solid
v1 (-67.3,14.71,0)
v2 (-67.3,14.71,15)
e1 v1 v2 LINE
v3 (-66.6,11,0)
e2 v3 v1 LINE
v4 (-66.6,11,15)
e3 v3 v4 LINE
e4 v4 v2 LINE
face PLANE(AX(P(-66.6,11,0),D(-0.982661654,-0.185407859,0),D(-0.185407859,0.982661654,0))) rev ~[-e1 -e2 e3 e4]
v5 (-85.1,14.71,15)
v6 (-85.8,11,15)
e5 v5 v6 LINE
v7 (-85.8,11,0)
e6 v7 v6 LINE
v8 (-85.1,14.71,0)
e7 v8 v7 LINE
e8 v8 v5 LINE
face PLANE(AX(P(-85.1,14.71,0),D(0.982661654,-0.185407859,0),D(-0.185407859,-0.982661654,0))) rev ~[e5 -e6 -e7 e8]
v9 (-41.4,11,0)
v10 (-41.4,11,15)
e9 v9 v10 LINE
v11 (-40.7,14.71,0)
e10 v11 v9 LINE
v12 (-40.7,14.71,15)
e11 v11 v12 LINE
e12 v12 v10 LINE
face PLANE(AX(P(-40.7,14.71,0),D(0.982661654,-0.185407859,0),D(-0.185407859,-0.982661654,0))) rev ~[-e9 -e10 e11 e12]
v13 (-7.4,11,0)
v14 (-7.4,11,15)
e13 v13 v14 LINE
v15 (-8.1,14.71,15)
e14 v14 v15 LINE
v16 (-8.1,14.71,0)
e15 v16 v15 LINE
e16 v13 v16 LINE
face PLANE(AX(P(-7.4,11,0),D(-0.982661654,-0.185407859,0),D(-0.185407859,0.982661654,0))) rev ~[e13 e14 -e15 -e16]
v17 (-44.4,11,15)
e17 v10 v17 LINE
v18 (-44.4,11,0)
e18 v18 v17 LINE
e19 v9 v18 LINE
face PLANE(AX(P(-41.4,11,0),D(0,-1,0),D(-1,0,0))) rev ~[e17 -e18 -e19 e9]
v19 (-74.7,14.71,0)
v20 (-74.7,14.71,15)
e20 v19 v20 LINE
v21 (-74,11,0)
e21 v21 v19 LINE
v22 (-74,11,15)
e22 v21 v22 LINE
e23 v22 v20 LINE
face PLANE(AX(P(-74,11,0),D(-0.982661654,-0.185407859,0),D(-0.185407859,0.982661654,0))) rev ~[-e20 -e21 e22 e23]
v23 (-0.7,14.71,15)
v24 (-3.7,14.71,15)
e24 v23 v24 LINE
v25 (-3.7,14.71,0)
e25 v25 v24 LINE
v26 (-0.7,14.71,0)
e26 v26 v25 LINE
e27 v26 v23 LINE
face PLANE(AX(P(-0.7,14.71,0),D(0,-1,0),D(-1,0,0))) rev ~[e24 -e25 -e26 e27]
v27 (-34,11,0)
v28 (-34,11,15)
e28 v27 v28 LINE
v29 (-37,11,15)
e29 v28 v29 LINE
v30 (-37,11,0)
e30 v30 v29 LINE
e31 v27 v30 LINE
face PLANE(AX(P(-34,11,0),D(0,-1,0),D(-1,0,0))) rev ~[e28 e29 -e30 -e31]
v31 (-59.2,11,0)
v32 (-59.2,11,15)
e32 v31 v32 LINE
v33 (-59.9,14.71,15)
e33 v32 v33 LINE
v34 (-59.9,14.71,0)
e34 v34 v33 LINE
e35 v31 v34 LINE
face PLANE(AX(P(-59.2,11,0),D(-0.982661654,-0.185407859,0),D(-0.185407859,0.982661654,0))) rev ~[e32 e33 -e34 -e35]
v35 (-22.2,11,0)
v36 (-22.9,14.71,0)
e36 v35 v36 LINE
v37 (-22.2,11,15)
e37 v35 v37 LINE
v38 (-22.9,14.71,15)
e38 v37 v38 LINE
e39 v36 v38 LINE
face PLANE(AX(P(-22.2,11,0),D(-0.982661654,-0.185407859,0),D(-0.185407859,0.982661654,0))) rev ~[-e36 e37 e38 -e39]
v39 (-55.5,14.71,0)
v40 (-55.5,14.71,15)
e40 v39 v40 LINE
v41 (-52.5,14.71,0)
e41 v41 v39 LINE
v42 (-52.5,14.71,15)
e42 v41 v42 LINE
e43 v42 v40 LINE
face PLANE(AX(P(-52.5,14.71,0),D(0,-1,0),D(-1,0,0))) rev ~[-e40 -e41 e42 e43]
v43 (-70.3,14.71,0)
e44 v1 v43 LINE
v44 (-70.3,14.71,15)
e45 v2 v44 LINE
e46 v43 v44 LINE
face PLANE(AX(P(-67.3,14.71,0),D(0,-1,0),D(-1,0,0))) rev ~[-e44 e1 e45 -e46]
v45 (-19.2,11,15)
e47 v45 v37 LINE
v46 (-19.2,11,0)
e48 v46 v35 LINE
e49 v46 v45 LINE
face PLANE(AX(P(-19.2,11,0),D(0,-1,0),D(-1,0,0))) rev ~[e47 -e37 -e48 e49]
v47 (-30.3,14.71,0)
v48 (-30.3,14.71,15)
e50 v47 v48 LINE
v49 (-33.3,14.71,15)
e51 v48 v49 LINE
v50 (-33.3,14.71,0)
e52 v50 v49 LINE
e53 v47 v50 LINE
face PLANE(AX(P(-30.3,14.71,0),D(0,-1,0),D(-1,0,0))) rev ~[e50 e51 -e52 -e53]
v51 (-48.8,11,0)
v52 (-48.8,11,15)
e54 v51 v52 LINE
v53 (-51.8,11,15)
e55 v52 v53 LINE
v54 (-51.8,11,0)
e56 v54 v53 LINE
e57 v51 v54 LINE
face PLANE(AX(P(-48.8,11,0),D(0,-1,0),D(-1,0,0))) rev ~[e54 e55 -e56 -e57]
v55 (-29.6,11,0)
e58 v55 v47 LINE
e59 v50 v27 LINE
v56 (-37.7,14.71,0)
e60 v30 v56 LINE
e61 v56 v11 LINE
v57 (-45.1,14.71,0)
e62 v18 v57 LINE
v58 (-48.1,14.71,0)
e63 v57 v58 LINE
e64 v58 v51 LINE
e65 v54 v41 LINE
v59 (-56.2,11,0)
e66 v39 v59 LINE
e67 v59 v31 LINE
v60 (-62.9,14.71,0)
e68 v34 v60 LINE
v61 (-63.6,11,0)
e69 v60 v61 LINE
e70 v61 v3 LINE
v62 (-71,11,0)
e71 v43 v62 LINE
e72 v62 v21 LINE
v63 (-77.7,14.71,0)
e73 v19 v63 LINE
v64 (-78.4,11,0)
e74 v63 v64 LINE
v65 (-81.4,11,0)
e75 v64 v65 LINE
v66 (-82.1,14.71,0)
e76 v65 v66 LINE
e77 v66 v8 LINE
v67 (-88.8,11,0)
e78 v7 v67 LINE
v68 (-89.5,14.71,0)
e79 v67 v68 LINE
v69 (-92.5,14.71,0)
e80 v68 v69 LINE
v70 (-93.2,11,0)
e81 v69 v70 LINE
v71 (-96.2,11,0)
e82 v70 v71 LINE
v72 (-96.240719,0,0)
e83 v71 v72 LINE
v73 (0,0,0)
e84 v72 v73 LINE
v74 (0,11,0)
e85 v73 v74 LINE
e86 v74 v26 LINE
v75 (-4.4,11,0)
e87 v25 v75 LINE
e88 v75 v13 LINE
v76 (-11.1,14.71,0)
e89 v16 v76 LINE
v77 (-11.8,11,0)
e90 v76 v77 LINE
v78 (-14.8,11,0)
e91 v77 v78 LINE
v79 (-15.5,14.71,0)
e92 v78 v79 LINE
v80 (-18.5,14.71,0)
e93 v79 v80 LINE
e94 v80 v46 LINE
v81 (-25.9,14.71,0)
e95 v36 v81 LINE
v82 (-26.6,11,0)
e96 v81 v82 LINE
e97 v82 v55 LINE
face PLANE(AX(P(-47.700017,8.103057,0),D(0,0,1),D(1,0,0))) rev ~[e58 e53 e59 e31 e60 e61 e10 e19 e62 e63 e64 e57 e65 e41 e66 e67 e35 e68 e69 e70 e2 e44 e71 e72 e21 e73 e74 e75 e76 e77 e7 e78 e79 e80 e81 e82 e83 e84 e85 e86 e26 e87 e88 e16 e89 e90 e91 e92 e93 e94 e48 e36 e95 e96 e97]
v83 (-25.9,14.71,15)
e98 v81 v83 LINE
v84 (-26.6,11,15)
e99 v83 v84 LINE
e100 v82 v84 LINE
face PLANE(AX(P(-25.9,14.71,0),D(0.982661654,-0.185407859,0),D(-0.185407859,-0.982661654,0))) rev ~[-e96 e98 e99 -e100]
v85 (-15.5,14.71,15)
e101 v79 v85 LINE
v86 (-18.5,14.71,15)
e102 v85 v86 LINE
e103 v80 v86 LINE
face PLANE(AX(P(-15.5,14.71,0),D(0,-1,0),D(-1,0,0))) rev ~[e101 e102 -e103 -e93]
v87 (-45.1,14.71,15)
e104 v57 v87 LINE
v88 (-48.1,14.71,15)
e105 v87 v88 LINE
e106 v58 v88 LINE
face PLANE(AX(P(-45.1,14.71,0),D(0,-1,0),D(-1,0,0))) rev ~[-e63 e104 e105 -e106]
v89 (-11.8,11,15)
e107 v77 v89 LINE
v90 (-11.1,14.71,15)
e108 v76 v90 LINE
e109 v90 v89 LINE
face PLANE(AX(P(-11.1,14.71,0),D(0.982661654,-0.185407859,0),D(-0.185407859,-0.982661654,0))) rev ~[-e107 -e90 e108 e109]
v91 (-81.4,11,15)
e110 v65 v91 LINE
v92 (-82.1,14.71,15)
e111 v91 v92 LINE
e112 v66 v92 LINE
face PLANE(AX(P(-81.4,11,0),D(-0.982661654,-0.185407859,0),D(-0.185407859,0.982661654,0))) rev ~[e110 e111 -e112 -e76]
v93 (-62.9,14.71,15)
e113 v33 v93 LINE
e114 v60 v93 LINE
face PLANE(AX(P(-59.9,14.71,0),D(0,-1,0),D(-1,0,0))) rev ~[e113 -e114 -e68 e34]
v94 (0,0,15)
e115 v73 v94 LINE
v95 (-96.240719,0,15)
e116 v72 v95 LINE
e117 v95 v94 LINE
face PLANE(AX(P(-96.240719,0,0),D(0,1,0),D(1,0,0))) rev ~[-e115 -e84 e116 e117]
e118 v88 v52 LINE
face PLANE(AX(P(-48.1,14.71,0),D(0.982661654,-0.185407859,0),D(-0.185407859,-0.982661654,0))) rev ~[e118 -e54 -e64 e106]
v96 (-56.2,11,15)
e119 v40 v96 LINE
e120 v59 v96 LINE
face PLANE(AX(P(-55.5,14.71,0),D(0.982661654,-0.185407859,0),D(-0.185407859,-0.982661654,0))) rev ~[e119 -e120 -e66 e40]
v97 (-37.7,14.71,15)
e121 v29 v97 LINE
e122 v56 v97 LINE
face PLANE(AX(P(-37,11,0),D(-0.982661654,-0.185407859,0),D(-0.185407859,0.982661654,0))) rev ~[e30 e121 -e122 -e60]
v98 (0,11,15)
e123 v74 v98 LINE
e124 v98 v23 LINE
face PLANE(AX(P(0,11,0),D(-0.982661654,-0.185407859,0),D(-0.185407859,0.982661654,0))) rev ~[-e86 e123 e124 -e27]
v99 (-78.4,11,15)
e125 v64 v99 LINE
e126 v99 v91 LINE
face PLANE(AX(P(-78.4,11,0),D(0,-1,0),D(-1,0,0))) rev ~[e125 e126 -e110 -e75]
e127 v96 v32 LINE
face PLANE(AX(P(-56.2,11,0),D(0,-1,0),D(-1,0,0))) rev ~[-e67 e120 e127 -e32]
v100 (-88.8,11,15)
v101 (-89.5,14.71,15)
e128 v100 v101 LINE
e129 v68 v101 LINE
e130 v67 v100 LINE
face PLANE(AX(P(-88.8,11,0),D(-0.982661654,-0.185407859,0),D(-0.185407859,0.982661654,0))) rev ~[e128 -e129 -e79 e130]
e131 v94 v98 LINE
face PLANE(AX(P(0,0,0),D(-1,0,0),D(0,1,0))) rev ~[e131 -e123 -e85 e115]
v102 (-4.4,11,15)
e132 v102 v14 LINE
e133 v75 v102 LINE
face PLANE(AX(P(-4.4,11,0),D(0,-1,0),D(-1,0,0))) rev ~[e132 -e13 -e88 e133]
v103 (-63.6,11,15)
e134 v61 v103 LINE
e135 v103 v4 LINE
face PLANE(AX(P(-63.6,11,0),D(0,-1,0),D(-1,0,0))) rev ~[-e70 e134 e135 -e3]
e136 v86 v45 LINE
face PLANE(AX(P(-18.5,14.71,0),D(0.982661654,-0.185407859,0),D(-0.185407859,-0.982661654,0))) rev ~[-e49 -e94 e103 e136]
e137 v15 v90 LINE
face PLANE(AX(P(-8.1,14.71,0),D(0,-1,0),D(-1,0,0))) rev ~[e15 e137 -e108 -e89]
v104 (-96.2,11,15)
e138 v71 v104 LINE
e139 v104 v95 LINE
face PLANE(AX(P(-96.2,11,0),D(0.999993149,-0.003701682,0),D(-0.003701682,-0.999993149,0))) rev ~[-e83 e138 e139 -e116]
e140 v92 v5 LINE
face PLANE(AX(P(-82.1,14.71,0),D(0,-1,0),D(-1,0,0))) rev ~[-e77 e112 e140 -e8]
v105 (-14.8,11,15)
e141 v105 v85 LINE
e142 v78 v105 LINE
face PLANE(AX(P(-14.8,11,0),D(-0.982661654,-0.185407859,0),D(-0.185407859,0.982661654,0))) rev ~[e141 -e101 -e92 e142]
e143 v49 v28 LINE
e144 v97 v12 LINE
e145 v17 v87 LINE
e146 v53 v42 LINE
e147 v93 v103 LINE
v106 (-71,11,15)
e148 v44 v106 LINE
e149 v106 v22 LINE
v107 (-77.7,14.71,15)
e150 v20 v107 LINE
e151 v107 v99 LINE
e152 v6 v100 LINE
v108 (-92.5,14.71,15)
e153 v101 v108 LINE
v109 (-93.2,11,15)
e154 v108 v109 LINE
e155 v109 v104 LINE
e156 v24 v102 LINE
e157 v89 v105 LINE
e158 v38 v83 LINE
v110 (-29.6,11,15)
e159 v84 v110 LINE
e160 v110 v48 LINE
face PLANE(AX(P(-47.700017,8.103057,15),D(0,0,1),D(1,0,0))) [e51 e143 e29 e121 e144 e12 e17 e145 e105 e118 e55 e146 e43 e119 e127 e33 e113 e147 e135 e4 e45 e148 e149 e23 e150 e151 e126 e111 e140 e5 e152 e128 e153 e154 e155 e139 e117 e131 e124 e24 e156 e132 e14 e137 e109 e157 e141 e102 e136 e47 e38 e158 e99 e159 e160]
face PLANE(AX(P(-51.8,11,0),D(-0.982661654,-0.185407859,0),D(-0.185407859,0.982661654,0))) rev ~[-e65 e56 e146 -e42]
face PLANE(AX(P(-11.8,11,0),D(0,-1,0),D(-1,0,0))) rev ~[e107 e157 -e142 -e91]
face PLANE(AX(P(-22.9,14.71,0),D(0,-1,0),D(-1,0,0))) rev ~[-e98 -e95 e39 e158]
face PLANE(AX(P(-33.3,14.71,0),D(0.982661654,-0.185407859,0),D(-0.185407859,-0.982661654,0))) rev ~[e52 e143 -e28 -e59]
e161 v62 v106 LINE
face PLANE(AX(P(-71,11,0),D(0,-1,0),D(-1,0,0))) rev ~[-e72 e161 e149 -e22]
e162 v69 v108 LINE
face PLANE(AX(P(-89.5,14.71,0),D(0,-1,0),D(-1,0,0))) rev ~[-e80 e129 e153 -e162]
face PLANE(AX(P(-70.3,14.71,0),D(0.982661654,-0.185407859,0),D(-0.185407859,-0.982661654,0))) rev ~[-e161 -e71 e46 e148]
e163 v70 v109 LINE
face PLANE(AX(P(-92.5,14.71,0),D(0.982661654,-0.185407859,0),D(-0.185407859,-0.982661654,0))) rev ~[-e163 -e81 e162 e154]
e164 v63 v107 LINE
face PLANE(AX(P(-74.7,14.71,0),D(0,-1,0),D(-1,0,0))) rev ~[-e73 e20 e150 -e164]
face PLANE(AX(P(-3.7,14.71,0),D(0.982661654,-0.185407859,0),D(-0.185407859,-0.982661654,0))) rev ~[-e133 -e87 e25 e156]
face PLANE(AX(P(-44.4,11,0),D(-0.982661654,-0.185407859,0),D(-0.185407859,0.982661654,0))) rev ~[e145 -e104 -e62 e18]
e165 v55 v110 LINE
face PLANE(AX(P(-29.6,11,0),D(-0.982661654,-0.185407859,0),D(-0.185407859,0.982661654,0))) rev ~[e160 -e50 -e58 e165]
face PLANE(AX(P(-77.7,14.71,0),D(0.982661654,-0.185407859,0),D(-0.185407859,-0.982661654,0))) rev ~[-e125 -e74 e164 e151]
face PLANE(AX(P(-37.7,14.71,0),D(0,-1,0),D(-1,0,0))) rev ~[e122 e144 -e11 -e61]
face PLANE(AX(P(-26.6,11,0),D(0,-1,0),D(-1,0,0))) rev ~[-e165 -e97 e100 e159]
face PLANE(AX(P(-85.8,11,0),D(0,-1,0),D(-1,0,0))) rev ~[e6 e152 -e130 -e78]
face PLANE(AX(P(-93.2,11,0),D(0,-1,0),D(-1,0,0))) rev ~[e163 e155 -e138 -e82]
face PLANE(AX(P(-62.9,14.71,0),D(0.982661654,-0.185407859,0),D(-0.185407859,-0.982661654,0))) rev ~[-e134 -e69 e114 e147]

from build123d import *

# Parameters (mm, degrees)
EXTRUDE_4_DEPTH = 15


with BuildPart() as part:
    # Эскиз8 → Бобышка-Вытянуть4 (new body)
    with BuildSketch(Plane.XY):
        Polygon((0, 0), (0, 11), (-0.7, 14.71), (-3.7, 14.71), (-4.4, 11), (-7.4, 11), (-8.1, 14.71), (-11.1, 14.71), (-11.8, 11), (-14.8, 11), (-15.5, 14.71), (-18.5, 14.71), (-19.2, 11), (-22.2, 11), (-22.9, 14.71), (-25.9, 14.71), (-26.6, 11), (-29.6, 11), (-30.3, 14.71), (-33.3, 14.71), (-34, 11), (-37, 11), (-37.7, 14.71), (-40.7, 14.71), (-41.4, 11), (-44.4, 11), (-45.1, 14.71), (-48.1, 14.71), (-48.8, 11), (-51.8, 11), (-52.5, 14.71), (-55.5, 14.71), (-56.2, 11), (-59.2, 11), (-59.9, 14.71), (-62.9, 14.71), (-63.6, 11), (-66.6, 11), (-67.3, 14.71), (-70.3, 14.71), (-71, 11), (-74, 11), (-74.7, 14.71), (-77.7, 14.71), (-78.4, 11), (-81.4, 11), (-82.1, 14.71), (-85.1, 14.71), (-85.8, 11), (-88.8, 11), (-89.5, 14.71), (-92.5, 14.71), (-93.2, 11), (-96.2, 11), (-96.240718782, 0), align=None)
    extrude(amount=EXTRUDE_4_DEPTH)


solid = part.part
